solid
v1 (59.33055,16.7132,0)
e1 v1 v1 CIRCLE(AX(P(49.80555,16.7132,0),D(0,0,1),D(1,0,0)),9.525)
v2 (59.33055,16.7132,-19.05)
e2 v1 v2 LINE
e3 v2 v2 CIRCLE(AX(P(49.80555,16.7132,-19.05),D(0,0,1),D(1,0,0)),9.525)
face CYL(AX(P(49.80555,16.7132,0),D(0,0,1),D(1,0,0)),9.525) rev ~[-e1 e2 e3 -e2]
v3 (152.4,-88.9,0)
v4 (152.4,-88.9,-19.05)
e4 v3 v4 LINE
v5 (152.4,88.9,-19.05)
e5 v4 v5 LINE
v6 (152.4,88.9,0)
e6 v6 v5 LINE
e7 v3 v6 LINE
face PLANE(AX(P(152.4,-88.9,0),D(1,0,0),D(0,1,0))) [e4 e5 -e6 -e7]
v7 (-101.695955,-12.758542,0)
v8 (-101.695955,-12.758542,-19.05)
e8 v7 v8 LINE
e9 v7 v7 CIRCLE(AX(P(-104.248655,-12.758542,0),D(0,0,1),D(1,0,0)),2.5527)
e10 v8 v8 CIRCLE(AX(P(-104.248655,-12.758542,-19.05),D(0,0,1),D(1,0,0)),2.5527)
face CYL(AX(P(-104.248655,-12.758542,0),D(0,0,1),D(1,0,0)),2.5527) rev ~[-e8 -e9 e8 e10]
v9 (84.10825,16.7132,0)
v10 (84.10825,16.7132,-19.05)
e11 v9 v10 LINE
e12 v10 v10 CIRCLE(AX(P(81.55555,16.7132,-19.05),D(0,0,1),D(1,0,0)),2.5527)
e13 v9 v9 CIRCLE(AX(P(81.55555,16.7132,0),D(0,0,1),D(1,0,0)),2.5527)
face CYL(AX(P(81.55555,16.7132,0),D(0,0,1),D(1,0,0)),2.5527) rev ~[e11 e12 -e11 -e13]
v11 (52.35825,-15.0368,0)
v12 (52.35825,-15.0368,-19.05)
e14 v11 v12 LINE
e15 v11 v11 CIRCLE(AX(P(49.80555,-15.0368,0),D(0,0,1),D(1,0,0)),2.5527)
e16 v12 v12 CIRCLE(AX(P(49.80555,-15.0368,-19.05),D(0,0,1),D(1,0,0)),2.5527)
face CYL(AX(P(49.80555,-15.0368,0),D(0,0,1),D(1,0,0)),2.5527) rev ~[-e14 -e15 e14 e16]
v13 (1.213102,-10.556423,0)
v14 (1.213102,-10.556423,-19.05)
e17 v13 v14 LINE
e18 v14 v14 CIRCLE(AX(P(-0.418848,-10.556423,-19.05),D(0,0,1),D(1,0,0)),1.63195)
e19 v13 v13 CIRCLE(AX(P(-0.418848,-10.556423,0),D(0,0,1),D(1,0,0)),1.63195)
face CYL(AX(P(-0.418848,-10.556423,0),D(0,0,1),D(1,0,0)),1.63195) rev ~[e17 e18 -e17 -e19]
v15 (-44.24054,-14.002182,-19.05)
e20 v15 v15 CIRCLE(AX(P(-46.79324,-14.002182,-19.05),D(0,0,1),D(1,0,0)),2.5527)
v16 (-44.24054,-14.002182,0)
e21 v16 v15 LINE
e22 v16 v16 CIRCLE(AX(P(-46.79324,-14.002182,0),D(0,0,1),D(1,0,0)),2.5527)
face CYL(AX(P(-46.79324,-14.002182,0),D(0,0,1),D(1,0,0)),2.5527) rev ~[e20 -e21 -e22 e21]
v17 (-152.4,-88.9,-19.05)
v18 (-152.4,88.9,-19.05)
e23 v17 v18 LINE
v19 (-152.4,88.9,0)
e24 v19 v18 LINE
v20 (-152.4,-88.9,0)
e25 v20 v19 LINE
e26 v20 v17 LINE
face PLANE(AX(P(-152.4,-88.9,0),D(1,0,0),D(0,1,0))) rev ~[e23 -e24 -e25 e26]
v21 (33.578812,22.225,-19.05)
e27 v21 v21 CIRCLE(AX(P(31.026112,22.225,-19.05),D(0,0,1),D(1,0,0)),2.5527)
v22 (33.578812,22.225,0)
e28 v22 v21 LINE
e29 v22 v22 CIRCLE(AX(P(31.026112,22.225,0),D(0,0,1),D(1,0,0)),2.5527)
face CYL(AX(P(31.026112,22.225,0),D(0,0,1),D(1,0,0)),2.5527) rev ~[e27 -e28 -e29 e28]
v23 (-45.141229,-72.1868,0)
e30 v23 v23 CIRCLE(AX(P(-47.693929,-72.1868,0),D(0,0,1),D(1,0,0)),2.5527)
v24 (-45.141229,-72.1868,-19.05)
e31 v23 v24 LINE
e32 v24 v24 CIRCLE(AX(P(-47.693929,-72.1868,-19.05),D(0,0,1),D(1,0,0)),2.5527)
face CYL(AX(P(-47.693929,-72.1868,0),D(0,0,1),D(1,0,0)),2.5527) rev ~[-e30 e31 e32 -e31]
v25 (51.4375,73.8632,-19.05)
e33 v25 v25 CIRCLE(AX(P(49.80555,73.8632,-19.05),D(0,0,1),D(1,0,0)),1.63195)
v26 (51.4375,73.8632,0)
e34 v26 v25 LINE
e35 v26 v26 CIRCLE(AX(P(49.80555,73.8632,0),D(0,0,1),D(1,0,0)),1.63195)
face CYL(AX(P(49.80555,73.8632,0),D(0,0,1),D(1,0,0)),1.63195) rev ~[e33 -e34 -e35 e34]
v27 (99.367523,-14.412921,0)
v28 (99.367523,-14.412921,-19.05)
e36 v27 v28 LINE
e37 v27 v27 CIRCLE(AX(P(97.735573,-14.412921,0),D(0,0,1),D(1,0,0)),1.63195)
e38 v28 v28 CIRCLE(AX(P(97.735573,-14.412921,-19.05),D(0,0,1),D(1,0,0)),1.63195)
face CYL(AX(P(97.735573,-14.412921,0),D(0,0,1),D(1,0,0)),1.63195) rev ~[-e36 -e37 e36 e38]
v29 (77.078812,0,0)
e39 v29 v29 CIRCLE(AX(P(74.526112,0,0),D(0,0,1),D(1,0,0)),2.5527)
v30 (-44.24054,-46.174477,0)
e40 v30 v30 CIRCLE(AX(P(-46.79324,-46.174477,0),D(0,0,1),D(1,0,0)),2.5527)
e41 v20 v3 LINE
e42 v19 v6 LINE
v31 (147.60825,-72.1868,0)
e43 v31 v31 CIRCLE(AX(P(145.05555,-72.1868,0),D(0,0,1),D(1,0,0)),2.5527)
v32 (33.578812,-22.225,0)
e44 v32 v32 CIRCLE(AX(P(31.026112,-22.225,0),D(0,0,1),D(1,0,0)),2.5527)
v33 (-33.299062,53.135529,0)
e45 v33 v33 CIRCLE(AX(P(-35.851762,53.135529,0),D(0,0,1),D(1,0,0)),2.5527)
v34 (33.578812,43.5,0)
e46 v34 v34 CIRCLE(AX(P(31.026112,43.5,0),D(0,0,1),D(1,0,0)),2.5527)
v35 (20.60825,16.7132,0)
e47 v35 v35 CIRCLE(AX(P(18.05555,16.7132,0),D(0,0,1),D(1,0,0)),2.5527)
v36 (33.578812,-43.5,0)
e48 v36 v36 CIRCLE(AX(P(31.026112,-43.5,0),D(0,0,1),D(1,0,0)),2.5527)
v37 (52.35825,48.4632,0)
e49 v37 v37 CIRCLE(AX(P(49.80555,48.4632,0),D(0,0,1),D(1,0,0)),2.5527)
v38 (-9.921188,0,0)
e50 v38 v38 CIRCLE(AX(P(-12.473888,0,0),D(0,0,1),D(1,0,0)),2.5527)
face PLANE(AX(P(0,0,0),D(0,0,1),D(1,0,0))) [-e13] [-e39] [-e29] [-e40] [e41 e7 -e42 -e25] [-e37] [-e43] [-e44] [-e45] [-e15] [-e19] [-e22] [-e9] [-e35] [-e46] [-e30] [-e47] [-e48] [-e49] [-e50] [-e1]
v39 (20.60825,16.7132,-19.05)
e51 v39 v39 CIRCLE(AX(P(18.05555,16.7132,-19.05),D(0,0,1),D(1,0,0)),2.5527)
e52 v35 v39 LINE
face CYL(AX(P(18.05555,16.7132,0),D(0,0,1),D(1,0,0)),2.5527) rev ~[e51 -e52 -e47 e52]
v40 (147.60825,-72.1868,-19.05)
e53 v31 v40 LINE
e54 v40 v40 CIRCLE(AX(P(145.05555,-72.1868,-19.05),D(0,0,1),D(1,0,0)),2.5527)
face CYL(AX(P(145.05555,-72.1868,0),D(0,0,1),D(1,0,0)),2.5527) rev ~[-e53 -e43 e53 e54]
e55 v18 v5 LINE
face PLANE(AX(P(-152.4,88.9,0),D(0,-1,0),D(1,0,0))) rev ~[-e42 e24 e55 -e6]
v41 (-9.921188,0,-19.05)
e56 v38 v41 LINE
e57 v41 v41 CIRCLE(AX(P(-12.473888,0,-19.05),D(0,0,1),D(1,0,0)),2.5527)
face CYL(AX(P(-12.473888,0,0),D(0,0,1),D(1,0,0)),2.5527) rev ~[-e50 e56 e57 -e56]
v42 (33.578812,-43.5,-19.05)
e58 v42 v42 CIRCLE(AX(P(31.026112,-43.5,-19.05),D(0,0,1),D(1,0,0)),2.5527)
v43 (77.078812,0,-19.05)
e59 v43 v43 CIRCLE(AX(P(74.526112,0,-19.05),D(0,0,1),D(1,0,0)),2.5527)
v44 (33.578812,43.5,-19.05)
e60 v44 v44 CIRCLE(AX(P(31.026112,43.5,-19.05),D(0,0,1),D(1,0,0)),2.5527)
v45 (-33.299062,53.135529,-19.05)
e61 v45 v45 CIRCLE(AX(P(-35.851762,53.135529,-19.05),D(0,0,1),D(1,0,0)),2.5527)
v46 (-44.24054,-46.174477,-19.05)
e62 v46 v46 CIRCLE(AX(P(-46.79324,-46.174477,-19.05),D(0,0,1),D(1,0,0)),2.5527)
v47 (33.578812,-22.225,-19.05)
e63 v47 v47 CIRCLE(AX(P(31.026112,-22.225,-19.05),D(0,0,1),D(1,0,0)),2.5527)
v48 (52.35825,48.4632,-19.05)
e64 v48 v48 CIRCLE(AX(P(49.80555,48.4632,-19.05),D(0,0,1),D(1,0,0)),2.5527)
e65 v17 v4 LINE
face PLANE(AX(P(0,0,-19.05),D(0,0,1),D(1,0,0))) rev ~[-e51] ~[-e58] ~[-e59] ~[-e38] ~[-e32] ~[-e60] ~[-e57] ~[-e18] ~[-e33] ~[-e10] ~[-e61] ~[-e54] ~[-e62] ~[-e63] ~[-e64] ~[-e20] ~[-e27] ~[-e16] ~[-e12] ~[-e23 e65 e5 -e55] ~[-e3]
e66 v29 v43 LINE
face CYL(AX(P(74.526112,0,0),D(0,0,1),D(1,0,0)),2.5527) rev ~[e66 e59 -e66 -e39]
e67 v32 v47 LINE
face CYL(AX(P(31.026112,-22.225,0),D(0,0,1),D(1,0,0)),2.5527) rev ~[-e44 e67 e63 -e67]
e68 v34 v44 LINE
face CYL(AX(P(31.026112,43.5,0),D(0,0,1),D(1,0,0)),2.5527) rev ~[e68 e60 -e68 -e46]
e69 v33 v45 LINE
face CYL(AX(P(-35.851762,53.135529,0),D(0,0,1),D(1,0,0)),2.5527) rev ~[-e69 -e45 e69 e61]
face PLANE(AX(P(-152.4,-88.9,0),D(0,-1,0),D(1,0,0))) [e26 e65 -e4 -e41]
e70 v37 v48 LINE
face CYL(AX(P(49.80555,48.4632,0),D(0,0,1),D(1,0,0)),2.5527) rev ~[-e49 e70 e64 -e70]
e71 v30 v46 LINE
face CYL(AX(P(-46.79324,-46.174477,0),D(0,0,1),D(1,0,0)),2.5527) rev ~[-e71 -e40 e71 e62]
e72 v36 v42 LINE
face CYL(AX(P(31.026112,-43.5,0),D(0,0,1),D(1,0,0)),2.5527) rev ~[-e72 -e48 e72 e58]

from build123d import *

# Parameters (mm, degrees)
SKETCH1_W           = 304.8
SKETCH1_H           = 177.8
BOSS_EXTRUDE1_DEPTH = 19.05
SKETCH2_R           = 2.5527
SKETCH2_R_2         = 1.63195
SKETCH2_R_3         = 9.525
CUT_EXTRUDE1_DEPTH  = 178.459495379
SKETCH10_R          = 2.5527
CUT_EXTRUDE2_DEPTH  = 178.459495379


with BuildPart() as part:
    # Sketch1 → Boss-Extrude1 (new body)
    with BuildSketch(Plane.XY):
        Rectangle(SKETCH1_W, SKETCH1_H)
    extrude(amount=-BOSS_EXTRUDE1_DEPTH)

    # Sketch2 → Cut-Extrude1 (cut, through all)
    with BuildSketch(Plane.XY):
        with Locations((-104.248655176, -12.758541966)):
            Circle(SKETCH2_R)
        with Locations((-46.793240461, -46.174477312)):
            Circle(SKETCH2_R)
        with Locations((18.05555, 16.7132)):
            Circle(SKETCH2_R)
        with Locations((-35.851762373, 53.135528594)):
            Circle(SKETCH2_R)
        with Locations((-47.693929175, -72.1868)):
            Circle(SKETCH2_R)
        with Locations((49.80555, 48.4632)):
            Circle(SKETCH2_R)
        with Locations((81.55555, 16.7132)):
            Circle(SKETCH2_R)
        with Locations((49.80555, -15.0368)):
            Circle(SKETCH2_R)
        with Locations((-46.793240461, -14.002181532)):
            Circle(SKETCH2_R)
        with Locations((49.80555, 73.8632)):
            Circle(SKETCH2_R_2)
        with Locations((145.05555, -72.1868)):
            Circle(SKETCH2_R)
        with Locations((-0.418847989, -10.556423149)):
            Circle(SKETCH2_R_2)
        with Locations((97.735572958, -14.412920851)):
            Circle(SKETCH2_R_2)
        with Locations((49.80555, 16.7132)):
            Circle(SKETCH2_R_3)
    extrude(amount=-CUT_EXTRUDE1_DEPTH, mode=Mode.SUBTRACT)

    # Sketch10 → Cut-Extrude2 (cut, through all)
    with BuildSketch(Plane.XY):
        with Locations((-12.473887774, 0)):
            Circle(SKETCH10_R)
        with Locations((31.026112348, -43.500000122)):
            Circle(SKETCH10_R)
        with Locations((74.52611247, 0)):
            Circle(SKETCH10_R)
        with Locations((31.026112348, 43.500000122)):
            Circle(SKETCH10_R)
        with Locations((31.026112348, 22.225)):
            Circle(SKETCH10_R)
        with Locations((31.026112348, -22.225)):
            Circle(SKETCH10_R)
    extrude(amount=-CUT_EXTRUDE2_DEPTH, mode=Mode.SUBTRACT)


solid = part.part
